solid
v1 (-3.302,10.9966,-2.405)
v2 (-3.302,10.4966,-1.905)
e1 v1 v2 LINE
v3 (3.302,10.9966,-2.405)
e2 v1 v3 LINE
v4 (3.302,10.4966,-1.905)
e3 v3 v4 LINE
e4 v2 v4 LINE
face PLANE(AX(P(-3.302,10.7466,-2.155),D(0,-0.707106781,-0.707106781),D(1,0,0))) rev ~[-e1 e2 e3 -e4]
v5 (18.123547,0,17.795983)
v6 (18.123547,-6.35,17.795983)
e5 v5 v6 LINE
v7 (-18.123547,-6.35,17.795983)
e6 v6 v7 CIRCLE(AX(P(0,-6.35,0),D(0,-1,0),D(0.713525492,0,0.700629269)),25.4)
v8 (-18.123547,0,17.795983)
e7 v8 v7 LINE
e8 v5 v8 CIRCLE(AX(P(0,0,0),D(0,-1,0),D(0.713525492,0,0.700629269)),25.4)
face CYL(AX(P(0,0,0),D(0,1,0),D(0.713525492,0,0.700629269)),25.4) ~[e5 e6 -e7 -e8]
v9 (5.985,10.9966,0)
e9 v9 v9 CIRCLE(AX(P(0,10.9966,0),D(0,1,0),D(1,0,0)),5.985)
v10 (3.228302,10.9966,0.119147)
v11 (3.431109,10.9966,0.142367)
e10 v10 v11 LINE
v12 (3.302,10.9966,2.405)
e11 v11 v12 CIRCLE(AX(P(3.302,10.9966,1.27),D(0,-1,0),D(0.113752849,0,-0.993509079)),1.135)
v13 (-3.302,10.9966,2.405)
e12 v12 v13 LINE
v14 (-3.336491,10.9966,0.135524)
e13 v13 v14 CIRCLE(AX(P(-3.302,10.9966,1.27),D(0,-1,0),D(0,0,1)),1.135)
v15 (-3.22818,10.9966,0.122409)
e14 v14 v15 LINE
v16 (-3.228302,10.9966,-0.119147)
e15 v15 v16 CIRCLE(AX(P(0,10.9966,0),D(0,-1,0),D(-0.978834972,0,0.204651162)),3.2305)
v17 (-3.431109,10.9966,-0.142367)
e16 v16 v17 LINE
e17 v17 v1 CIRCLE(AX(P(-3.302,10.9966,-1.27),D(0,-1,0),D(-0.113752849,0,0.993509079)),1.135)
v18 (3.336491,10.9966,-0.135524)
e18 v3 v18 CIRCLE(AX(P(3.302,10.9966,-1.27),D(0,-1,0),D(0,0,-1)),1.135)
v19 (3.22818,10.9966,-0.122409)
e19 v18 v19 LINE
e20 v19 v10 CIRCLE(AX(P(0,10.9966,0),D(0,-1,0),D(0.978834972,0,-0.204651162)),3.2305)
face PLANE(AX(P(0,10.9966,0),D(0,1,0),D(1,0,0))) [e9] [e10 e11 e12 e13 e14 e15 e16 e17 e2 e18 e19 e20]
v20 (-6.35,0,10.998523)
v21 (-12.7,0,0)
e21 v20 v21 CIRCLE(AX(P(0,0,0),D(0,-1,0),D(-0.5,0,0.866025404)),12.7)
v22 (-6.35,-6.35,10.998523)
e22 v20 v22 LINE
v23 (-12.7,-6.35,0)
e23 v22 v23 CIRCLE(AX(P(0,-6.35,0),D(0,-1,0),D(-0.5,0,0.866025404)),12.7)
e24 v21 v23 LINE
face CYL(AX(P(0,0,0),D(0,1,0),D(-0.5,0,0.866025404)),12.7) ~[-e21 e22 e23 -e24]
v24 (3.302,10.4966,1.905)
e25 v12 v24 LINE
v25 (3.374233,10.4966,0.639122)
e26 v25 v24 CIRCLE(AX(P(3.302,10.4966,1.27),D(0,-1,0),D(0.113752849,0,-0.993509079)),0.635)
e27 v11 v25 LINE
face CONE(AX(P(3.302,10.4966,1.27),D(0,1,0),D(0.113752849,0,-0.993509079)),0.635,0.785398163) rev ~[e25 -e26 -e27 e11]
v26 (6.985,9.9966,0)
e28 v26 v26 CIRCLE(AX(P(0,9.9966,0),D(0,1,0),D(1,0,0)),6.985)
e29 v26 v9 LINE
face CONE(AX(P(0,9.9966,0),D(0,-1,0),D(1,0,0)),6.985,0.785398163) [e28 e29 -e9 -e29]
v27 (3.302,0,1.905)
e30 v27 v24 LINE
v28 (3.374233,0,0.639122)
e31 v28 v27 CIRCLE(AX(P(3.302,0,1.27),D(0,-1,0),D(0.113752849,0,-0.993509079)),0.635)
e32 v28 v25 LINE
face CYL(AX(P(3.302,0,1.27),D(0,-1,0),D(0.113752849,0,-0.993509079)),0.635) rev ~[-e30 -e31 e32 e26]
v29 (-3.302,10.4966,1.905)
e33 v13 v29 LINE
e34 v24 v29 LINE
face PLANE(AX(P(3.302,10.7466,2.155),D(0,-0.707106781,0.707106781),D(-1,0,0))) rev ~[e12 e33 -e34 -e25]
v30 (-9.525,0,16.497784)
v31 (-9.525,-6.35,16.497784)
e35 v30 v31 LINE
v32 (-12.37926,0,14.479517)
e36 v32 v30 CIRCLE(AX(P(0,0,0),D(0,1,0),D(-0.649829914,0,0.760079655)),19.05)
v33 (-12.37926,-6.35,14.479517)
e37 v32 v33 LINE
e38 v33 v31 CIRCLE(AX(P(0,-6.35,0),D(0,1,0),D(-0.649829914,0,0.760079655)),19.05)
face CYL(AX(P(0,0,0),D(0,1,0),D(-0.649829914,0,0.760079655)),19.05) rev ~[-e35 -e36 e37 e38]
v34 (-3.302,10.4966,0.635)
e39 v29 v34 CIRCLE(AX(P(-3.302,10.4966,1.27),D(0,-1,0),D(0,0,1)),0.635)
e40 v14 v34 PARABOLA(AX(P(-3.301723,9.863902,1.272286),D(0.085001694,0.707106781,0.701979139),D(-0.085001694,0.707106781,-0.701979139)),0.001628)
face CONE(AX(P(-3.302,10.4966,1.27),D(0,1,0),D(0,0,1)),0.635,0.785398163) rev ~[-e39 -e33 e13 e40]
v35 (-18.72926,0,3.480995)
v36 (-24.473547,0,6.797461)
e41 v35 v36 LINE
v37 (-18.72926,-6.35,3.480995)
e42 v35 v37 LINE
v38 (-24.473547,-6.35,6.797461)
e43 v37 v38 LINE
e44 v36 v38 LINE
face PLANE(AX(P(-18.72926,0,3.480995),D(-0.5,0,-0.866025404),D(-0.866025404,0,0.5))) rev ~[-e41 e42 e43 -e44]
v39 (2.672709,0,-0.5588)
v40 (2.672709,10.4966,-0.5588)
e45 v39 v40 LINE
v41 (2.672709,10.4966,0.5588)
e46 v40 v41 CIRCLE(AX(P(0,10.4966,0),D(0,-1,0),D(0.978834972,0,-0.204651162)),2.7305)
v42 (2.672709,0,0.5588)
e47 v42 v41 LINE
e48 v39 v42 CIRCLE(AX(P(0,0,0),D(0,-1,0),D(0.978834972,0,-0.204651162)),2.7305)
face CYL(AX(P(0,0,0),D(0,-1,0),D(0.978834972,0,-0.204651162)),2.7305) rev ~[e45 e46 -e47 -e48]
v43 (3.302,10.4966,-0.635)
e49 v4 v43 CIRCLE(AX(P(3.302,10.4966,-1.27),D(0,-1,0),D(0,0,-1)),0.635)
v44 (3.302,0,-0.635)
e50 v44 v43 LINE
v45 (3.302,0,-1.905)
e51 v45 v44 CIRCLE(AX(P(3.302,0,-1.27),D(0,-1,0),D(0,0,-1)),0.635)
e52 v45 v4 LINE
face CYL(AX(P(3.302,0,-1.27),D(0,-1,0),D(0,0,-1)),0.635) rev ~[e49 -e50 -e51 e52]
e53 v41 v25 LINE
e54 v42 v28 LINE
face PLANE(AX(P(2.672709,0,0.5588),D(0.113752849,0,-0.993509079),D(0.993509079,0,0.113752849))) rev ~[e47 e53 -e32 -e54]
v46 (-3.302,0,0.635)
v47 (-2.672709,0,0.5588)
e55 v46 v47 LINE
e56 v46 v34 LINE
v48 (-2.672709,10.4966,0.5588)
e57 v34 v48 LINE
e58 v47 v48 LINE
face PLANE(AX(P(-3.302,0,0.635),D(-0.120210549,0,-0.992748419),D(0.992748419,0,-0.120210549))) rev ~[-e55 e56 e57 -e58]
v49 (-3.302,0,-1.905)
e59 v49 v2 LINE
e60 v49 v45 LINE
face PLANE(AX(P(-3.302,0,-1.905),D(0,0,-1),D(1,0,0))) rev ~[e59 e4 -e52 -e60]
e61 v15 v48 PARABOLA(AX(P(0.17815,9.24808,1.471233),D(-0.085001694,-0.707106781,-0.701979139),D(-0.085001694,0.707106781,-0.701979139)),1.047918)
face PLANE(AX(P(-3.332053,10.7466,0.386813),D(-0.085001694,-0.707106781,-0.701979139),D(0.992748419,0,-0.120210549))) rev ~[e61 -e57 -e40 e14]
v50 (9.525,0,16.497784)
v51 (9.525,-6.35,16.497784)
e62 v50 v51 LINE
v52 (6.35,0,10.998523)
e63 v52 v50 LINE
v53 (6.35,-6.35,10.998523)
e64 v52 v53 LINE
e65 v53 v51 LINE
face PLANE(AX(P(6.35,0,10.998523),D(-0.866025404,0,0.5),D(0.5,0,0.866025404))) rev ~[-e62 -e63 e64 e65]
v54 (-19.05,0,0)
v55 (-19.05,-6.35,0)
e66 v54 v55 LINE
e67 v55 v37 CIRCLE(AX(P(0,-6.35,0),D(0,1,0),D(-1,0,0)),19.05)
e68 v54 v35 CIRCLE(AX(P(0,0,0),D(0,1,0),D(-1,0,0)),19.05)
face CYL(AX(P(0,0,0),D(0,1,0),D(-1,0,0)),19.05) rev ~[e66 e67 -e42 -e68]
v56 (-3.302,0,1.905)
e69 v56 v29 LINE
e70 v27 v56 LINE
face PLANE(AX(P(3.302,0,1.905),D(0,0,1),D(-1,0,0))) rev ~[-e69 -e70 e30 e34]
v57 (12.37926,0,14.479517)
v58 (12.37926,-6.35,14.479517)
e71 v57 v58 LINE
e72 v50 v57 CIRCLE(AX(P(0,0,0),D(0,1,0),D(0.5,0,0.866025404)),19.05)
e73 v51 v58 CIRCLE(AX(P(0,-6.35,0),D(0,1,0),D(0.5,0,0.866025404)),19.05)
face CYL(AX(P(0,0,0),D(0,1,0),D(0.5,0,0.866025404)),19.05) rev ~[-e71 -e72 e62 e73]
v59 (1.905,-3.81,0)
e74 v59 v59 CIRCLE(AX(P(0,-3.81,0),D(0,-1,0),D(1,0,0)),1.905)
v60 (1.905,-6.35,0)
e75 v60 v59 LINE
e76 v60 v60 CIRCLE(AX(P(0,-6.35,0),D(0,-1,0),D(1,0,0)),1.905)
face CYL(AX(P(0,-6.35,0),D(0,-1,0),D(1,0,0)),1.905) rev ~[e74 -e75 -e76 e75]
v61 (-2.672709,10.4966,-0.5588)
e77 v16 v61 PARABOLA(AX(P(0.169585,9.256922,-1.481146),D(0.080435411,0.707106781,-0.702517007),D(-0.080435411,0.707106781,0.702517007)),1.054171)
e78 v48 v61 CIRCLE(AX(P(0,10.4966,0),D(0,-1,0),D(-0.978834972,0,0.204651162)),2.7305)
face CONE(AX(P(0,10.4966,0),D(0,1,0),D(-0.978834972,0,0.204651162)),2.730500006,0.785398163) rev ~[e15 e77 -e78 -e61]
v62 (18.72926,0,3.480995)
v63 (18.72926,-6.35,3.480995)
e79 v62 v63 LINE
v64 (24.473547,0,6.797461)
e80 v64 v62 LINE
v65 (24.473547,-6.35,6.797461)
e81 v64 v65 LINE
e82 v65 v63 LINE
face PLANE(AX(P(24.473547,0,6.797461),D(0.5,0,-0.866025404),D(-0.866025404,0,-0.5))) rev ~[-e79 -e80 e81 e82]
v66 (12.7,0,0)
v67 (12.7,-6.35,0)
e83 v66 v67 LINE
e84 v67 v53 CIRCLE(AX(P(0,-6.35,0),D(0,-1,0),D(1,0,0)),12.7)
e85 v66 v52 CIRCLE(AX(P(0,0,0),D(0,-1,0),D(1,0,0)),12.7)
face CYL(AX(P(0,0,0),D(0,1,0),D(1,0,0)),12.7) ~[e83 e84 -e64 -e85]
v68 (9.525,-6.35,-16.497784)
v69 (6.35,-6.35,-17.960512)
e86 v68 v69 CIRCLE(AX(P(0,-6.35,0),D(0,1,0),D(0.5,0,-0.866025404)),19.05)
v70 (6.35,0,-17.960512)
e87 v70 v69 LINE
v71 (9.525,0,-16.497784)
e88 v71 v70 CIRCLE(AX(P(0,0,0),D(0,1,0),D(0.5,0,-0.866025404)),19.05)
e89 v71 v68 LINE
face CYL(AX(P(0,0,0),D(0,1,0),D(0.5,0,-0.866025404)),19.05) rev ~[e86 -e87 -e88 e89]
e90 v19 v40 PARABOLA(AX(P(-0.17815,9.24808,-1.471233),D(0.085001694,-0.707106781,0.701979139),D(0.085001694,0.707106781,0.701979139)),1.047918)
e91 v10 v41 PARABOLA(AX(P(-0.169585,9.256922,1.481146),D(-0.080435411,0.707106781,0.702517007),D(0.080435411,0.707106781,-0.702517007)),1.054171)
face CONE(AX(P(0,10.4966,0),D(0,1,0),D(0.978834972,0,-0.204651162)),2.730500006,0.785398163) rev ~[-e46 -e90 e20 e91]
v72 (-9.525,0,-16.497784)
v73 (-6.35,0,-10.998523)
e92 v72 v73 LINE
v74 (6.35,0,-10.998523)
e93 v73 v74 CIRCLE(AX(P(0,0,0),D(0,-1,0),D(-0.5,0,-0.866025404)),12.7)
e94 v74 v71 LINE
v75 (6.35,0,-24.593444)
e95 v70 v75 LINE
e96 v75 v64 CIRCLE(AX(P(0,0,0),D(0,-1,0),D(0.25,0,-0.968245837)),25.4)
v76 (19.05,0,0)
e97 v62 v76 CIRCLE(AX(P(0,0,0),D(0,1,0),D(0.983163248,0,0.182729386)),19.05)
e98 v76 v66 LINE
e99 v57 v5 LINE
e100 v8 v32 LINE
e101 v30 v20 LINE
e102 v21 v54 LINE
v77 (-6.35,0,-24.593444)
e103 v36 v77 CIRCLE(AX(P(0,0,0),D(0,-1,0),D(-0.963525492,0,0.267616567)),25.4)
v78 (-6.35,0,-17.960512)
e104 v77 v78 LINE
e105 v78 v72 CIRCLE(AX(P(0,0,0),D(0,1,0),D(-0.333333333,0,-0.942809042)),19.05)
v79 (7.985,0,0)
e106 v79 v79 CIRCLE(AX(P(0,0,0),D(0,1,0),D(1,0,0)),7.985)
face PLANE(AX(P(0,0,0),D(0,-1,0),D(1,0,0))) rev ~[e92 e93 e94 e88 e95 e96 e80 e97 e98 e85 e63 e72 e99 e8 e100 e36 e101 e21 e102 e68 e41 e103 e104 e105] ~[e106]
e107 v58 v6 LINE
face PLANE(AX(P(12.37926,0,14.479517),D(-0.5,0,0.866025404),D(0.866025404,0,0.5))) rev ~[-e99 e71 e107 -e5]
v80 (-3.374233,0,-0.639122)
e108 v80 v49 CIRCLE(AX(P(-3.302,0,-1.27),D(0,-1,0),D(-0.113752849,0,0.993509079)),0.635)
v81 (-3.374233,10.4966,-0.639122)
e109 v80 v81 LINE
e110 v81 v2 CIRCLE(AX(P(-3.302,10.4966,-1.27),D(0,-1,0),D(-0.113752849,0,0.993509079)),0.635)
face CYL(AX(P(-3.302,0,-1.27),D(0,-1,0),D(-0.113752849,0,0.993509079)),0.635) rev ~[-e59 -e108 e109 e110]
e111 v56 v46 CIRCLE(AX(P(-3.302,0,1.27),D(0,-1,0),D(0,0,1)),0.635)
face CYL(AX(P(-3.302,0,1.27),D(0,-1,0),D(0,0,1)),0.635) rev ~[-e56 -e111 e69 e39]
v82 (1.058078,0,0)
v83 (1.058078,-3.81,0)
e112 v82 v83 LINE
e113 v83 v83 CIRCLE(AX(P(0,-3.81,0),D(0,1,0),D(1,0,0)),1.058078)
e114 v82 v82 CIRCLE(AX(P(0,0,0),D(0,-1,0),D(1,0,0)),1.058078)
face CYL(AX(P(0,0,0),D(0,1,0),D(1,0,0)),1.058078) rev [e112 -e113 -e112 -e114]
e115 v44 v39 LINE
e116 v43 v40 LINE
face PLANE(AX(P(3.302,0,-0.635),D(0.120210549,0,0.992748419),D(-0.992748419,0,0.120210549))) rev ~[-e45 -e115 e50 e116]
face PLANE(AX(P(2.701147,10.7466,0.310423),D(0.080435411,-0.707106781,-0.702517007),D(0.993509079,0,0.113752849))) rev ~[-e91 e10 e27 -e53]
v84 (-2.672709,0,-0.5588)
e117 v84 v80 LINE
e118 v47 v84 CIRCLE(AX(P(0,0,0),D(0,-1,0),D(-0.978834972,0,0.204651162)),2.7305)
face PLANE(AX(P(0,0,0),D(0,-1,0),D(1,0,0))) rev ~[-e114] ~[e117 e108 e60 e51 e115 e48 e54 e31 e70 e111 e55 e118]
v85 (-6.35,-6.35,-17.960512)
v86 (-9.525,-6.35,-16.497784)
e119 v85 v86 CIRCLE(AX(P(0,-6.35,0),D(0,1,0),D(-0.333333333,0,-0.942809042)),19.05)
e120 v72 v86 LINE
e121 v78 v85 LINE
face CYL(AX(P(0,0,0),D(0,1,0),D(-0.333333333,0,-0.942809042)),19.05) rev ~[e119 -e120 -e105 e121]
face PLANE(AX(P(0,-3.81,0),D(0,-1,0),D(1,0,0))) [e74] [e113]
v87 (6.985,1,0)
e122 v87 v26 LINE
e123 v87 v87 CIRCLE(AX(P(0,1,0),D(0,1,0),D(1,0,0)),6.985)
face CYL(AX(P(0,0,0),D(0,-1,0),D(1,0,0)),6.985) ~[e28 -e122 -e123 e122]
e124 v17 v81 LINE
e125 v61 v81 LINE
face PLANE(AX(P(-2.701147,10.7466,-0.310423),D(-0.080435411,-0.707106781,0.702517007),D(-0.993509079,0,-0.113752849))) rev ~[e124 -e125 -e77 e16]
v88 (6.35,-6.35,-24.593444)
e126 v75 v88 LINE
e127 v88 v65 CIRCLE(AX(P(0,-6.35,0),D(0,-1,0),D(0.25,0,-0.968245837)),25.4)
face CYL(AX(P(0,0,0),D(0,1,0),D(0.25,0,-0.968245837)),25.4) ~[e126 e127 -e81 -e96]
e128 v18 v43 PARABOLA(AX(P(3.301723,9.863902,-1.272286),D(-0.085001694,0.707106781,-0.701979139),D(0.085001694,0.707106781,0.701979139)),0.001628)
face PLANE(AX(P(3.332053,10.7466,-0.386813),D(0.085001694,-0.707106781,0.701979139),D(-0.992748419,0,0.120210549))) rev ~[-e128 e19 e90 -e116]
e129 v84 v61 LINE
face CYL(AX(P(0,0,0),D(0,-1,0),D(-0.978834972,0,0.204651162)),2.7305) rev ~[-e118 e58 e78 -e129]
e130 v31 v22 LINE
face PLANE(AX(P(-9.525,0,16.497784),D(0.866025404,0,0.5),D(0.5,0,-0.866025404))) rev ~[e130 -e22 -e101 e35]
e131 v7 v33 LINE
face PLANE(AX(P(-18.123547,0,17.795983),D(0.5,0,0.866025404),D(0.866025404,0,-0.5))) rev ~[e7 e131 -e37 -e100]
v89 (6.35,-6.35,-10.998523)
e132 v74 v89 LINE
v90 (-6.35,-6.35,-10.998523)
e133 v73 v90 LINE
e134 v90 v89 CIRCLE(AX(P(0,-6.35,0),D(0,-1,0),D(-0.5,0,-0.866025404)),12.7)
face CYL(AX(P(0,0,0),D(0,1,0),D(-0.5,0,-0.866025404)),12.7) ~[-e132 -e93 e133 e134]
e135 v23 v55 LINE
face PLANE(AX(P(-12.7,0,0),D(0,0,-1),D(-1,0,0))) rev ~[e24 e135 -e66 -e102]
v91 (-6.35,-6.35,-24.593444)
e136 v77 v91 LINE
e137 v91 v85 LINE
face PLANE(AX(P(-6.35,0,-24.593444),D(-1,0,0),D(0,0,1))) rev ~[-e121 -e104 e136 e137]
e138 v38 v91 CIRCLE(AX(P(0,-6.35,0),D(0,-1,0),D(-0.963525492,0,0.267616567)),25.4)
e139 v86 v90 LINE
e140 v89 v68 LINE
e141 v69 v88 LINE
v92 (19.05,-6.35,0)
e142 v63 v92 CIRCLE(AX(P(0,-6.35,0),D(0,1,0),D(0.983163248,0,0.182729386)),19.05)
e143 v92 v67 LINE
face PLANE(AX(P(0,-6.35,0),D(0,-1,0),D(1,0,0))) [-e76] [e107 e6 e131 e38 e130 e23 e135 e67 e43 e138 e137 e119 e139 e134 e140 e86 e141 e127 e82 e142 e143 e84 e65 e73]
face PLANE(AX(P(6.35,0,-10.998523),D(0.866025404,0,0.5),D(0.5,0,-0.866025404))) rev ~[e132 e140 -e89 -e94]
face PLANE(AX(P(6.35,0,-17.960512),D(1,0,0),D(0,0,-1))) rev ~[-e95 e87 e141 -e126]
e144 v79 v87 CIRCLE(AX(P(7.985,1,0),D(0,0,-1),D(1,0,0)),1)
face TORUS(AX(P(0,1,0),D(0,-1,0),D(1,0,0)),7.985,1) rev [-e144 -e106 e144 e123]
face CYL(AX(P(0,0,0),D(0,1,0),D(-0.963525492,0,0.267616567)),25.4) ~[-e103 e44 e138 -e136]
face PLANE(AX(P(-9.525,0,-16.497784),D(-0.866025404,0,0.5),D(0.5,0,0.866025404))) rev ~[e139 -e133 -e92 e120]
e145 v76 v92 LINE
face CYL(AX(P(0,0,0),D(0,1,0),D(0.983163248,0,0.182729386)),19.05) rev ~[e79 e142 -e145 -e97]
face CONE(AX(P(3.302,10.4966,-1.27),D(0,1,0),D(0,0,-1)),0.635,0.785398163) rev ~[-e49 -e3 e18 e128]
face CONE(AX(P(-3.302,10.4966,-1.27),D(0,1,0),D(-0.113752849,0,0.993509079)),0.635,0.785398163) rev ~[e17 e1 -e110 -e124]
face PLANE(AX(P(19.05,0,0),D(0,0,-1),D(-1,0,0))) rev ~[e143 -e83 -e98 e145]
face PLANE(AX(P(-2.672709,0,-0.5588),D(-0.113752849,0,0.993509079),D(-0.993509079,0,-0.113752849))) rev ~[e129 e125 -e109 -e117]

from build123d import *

# Parameters (mm, degrees)
SKETCH1_R           = 6.985
BOSS_EXTRUDE1_DEPTH = 10.9965998
CHAMFER5_SIZE       = 1
CHAMFER6_SIZE       = 0.500000016
SKETCH2_R           = 1.058078275
BOSS_EXTRUDE2_DEPTH = 6.35
FILLET1_R           = 1.000000032
SKETCH3_R           = 1.905
CUT_EXTRUDE1_DEPTH  = 2.54


with BuildPart() as part:
    # Sketch1 → Boss-Extrude1 (new body)
    with BuildSketch(Plane(origin=(0, 0, 0), x_dir=(1, 0, 0), z_dir=(0, 1, 0))):
        Circle(SKETCH1_R)
        with BuildLine():
            Line((-3.302, 1.905), (3.302, 1.905))
            ThreePointArc((3.302, 1.905), (3.937, 1.27), (3.302, 0.635))
            Line((3.302, 0.635), (2.67270889, 0.5588))
            ThreePointArc((2.67270889, 0.5588), (2.7305, 0), (2.67270889, -0.5588))
            Line((2.67270889, -0.5588), (3.374233059, -0.639121735))
            ThreePointArc((3.374233059, -0.639121735), (3.935968729, -1.30617528), (3.302, -1.905))
            Line((3.302, -1.905), (-3.302, -1.905))
            ThreePointArc((-3.302, -1.905), (-3.937, -1.27), (-3.302, -0.635))
            Line((-3.302, -0.635), (-2.67270889, -0.5588))
            ThreePointArc((-2.67270889, -0.5588), (-2.7305, 0), (-2.67270889, 0.5588))
            Line((-2.67270889, 0.5588), (-3.374233059, 0.639121735))
            ThreePointArc((-3.374233059, 0.639121735), (-3.935968729, 1.30617528), (-3.302, 1.905))
        make_face(mode=Mode.SUBTRACT)
    extrude(amount=BOSS_EXTRUDE1_DEPTH)

    # Chamfer5
    chamfer5_edges = [part.edges().sort_by_distance(p)[0] for p in [
        (-6.985, 10.9965998, 0),
    ]]
    chamfer(chamfer5_edges, length=CHAMFER5_SIZE)

    # Chamfer6
    chamfer6_edges = [part.edges().sort_by_distance(p)[0] for p in [
        (-2.7305, 10.9965998, 0),
        (-2.987354445, 10.9965998, 0.5969),
        (-3.937, 10.9965998, 1.27),
        (0, 10.9965998, 1.905),
        (3.935968729, 10.9965998, 1.30617528),
        (3.023470975, 10.9965998, 0.598960868),
        (2.7305, 10.9965998, 0),
        (2.987354445, 10.9965998, -0.5969),
        (3.937, 10.9965998, -1.27),
        (0, 10.9965998, -1.905),
        (-3.935968729, 10.9965998, -1.30617528),
        (-3.023470975, 10.9965998, -0.598960868),
    ]]
    chamfer(chamfer6_edges, length=CHAMFER6_SIZE)

    # Sketch2 → Boss-Extrude2 (add)
    with BuildSketch(Plane.XZ):
        with BuildLine():
            Line((-6.35, -24.593444248), (-6.35, -17.960512242))
            ThreePointArc((-6.35, -17.960512242), (-7.971122868, -17.302129933), (-9.525, -16.497783942))
            Line((-9.525, -16.497783942), (-6.35, -10.998522628))
            ThreePointArc((-6.35, -10.998522628), (0, -12.7), (6.35, -10.998522628))
            Line((6.35, -10.998522628), (9.525, -16.497783942))
            ThreePointArc((9.525, -16.497783942), (7.971122868, -17.302129933), (6.35, -17.960512242))
            Line((6.35, -17.960512242), (6.35, -24.593444248))
            ThreePointArc((6.35, -24.593444248), (21.997045256, -12.7), (24.473547486, 6.79746081))
            Line((24.473547486, 6.79746081), (18.729259867, 3.480994807))
            ThreePointArc((18.729259867, 3.480994807), (18.969645496, 1.747870067), (19.05, 0))
            Line((19.05, 0), (12.7, 0))
            ThreePointArc((12.7, 0), (10.998522628, 6.35), (6.35, 10.998522628))
            Line((6.35, 10.998522628), (9.525, 16.497783942))
            ThreePointArc((9.525, 16.497783942), (10.998522628, 15.554259867), (12.379259867, 14.479517435))
            Line((12.379259867, 14.479517435), (18.123547486, 17.795983438))
            ThreePointArc((18.123547486, 17.795983438), (0, 25.4), (-18.123547486, 17.795983438))
            Line((-18.123547486, 17.795983438), (-12.379259867, 14.479517435))
            ThreePointArc((-12.379259867, 14.479517435), (-10.998522628, 15.554259867), (-9.525, 16.497783942))
            Line((-9.525, 16.497783942), (-6.35, 10.998522628))
            ThreePointArc((-6.35, 10.998522628), (-10.998522628, 6.35), (-12.7, 0))
            Line((-12.7, 0), (-19.05, 0))
            ThreePointArc((-19.05, 0), (-18.969645496, 1.747870067), (-18.729259867, 3.480994807))
            Line((-18.729259867, 3.480994807), (-24.473547486, 6.79746081))
            ThreePointArc((-24.473547486, 6.79746081), (-21.997045256, -12.7), (-6.35, -24.593444248))
        make_face()
        Circle(SKETCH2_R, mode=Mode.SUBTRACT)
    extrude(amount=BOSS_EXTRUDE2_DEPTH)

    # Fillet1
    fillet1_edges = [part.edges().sort_by_distance(p)[0] for p in [
        (-6.985, 0, 0),
    ]]
    fillet(fillet1_edges, radius=FILLET1_R)

    # Sketch3 → Cut-Extrude1 (cut)
    with BuildSketch(Plane.XZ.offset(6.35)):
        Circle(SKETCH3_R)
    extrude(amount=-CUT_EXTRUDE1_DEPTH, mode=Mode.SUBTRACT)


solid = part.part
